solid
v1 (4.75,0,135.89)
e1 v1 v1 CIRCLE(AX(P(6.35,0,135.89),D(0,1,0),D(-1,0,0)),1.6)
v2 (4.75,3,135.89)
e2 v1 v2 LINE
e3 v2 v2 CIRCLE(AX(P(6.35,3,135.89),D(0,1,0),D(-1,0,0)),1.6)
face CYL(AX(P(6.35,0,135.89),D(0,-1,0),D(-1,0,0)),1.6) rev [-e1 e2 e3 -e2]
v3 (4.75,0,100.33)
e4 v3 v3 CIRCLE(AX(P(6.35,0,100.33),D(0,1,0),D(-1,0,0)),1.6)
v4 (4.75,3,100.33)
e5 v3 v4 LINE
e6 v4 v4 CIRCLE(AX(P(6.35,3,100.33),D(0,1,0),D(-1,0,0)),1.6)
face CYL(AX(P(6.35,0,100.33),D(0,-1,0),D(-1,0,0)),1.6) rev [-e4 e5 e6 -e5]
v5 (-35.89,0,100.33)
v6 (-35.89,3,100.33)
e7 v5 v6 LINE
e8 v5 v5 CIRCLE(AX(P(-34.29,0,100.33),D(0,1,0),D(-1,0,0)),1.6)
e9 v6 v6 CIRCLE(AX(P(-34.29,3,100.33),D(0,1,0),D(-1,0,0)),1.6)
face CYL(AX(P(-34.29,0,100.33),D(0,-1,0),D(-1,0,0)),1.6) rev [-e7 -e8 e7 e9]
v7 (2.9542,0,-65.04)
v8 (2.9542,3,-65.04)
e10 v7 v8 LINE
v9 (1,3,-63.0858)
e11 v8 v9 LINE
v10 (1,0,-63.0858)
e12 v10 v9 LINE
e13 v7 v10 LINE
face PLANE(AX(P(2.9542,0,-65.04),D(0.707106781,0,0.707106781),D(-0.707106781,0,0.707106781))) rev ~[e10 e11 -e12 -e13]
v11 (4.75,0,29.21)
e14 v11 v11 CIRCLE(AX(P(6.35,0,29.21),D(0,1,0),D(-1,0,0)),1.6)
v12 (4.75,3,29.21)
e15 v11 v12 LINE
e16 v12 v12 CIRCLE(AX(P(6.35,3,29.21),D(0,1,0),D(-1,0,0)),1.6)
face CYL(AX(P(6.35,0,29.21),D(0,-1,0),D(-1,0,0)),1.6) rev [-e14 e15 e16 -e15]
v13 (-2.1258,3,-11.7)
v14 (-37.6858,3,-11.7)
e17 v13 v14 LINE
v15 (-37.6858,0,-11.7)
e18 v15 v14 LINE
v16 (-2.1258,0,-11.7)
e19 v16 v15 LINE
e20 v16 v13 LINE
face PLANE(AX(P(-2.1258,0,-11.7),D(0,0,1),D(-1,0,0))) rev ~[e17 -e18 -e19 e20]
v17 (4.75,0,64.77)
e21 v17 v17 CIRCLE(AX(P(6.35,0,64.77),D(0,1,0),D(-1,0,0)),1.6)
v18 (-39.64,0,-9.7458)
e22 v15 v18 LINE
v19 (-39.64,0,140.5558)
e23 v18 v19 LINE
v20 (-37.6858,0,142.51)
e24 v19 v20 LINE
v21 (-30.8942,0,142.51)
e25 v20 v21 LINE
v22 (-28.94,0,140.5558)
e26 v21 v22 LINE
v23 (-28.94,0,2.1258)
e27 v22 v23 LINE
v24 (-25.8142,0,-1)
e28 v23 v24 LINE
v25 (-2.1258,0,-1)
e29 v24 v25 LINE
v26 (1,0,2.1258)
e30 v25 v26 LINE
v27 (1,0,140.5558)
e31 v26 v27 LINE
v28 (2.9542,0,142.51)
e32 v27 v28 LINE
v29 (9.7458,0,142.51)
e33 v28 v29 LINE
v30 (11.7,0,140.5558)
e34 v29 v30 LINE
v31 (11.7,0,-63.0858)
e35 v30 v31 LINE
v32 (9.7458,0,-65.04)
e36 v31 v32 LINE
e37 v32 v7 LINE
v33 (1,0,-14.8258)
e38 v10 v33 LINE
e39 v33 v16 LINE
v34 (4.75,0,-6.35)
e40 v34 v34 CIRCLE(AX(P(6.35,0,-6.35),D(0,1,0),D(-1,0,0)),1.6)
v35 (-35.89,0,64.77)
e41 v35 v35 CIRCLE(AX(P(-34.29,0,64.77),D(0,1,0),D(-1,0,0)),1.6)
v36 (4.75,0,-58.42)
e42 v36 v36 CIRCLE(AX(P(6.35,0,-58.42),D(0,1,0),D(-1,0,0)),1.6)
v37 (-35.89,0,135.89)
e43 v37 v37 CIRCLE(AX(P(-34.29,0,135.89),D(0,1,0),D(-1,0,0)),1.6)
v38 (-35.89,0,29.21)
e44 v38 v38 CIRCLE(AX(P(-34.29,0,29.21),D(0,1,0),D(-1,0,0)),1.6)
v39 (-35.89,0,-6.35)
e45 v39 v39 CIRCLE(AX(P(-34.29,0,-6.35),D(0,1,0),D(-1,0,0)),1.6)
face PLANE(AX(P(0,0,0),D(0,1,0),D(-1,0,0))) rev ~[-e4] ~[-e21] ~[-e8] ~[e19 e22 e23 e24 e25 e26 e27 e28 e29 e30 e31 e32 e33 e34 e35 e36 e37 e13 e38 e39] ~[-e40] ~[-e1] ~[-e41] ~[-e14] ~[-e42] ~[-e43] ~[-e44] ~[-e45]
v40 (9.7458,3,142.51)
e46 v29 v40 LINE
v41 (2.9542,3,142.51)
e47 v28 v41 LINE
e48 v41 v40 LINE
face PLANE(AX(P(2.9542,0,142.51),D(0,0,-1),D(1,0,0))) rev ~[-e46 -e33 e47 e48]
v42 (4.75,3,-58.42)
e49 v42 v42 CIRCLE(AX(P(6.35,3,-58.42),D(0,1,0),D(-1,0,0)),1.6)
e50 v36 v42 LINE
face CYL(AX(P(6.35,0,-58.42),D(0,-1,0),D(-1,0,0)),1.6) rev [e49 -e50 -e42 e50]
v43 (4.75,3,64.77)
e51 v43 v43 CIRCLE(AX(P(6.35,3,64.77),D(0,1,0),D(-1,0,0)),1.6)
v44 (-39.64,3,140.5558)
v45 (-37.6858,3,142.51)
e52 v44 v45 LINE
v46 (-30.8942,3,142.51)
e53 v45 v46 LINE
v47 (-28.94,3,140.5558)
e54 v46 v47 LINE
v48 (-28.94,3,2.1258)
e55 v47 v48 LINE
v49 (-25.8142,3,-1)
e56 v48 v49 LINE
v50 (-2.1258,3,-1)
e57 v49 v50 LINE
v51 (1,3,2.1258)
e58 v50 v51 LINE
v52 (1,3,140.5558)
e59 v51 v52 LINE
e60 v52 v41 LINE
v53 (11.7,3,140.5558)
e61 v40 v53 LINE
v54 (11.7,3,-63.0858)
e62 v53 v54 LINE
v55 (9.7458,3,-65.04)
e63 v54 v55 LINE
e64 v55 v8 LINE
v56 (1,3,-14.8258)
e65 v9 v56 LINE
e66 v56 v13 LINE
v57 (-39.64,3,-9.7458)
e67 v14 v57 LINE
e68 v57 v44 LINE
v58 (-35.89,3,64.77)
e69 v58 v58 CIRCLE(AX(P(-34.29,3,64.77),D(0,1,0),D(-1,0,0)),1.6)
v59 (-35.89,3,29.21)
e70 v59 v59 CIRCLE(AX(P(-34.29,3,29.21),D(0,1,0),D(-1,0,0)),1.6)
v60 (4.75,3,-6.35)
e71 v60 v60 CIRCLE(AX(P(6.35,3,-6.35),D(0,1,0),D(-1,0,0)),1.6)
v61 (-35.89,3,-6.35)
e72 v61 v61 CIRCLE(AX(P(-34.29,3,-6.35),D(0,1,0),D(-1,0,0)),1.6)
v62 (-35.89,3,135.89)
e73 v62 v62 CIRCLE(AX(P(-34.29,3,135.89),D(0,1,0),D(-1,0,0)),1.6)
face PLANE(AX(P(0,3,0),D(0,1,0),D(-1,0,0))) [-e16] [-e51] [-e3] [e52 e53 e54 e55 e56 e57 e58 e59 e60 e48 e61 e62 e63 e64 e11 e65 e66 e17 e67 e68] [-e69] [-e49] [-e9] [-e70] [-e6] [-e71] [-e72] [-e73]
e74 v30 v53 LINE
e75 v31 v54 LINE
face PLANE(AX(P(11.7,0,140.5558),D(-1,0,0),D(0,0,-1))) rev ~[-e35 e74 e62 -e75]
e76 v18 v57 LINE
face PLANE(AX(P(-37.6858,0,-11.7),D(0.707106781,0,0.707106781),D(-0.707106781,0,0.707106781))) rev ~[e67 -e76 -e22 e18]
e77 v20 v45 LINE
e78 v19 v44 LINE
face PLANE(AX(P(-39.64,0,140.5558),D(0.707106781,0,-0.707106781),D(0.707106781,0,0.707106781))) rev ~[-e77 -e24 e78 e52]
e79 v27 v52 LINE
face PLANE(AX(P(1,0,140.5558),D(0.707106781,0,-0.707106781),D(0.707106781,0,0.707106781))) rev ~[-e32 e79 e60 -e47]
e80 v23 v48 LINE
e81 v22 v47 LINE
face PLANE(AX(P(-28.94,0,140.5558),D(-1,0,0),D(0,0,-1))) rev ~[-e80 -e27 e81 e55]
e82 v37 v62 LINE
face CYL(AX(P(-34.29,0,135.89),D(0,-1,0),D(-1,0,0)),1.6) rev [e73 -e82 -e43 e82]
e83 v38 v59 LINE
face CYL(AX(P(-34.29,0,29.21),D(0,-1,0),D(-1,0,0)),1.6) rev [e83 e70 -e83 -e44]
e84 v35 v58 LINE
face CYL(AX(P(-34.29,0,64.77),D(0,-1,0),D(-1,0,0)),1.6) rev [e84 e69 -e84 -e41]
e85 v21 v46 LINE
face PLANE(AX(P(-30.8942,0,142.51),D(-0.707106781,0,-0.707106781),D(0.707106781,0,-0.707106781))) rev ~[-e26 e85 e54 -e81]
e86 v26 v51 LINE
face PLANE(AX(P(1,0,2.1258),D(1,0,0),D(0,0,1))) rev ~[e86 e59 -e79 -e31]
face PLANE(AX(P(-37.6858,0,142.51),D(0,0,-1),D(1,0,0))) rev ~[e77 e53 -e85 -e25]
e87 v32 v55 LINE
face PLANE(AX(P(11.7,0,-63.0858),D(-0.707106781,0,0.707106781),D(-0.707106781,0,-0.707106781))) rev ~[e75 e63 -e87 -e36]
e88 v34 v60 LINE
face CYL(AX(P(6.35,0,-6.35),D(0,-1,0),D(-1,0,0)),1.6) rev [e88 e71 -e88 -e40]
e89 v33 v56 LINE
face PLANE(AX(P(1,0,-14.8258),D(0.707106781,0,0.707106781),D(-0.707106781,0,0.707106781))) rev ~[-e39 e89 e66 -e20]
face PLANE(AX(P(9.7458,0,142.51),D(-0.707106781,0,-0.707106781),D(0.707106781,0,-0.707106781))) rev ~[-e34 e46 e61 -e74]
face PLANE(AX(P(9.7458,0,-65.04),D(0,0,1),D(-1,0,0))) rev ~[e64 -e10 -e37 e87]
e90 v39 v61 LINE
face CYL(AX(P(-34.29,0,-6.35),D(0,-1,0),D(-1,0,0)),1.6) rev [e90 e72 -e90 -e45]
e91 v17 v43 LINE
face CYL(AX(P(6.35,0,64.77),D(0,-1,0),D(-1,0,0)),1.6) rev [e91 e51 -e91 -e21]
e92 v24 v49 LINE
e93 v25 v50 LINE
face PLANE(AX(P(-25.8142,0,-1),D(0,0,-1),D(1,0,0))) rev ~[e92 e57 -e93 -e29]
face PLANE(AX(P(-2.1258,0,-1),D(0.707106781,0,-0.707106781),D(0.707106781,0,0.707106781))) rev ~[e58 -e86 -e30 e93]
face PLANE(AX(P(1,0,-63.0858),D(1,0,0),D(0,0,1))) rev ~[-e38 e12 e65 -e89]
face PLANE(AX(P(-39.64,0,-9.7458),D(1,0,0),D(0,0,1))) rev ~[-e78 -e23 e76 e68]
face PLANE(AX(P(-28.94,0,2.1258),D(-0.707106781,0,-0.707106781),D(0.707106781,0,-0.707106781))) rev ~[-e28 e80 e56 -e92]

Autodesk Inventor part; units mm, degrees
ref_plane "YZ Plane" through (0, 0, 0) normal (1, 0, 0) x (0, 1, 0)
ref_plane "XZ Plane" through (0, 0, 0) normal (0, 1, 0) x (-1, 0, 0)
ref_plane "XY Plane" through (0, 0, 0) normal (0, 0, 1) x (1, 0, 0)
sketch "Szkic1" plane through (0, 0, 0) normal (0, 1, 0) x (-1, 0, 0)
  line L0 (38.1, 143.51) -> (30.48, 143.51)
  line L1 (27.94, 140.97) -> (27.94, 2.54)
  line L2 (25.4, 0) -> (2.54, 0)
  line L3 (0, 2.54) -> (0, 140.97)
  line L4 (-2.54, 143.51) -> (-10.16, 143.51)
  line L5 (-12.7, 140.97) -> (-12.7, -63.5)
  line L6 (-10.16, -66.04) -> (-2.54, -66.04)
  line L7 (0, -63.5) -> (0, -15.24)
  line L8 (2.54, -12.7) -> (38.1, -12.7)
  line L9 (40.64, -10.16) -> (40.64, 140.97)
  line L10 (34.29, 143.51) -> (34.29, -12.7) construction
  line L11 (-6.35, -66.04) -> (-6.35, 143.51) construction
  circle A0 centre (34.29, -6.35) radius 1.6
  circle A1 centre (-6.35, -6.35) radius 1.6
  circle A2 centre (34.29, 29.21) radius 1.6
  circle A3 centre (-6.35, 29.21) radius 1.6
  circle A4 centre (34.29, 64.77) radius 1.6
  circle A5 centre (-6.35, 64.77) radius 1.6
  circle A6 centre (34.29, 100.33) radius 1.6
  circle A7 centre (-6.35, 100.33) radius 1.6
  circle A8 centre (34.29, 135.89) radius 1.6
  circle A9 centre (-6.35, 135.89) radius 1.6
  circle A10 centre (-6.35, -58.42) radius 1.6
  line L12 (40.64, -10.16) -> (38.1, -12.7)
  line L13 (25.4, 0) -> (27.94, 2.54)
  line L14 (2.54, -12.7) -> (0, -15.24)
  line L15 (0, 2.54) -> (2.54, 0)
  line L16 (-2.54, -66.04) -> (0, -63.5)
  line L17 (-10.16, -66.04) -> (-12.7, -63.5)
  line L18 (-2.54, 143.51) -> (0, 140.97)
  line L19 (-10.16, 143.51) -> (-12.7, 140.97)
  line L20 (27.94, 140.97) -> (30.48, 143.51)
  line L21 (38.1, 143.51) -> (40.64, 140.97)
  line L22 (19.05, 0) -> (19.05, -6.35) construction
  line L23 (19.05, -6.35) -> (19.05, -12.7) construction
  line L24 (19.05, -6.35) -> (34.29, -6.35) construction
  line L25 (19.05, -6.35) -> (-6.35, -6.35) construction
  line L26 (39.64, 140.5558) -> (37.6858, 142.51)
  line L27 (37.6858, 142.51) -> (30.8942, 142.51)
  line L28 (30.8942, 142.51) -> (28.94, 140.5558)
  line L29 (28.94, 140.5558) -> (28.94, 2.1258)
  line L30 (28.94, 2.1258) -> (25.8142, -1)
  line L31 (25.8142, -1) -> (2.1258, -1)
  line L32 (2.1258, -1) -> (-1, 2.1258)
  line L33 (-1, 2.1258) -> (-1, 140.5558)
  line L34 (-1, 140.5558) -> (-2.9542, 142.51)
  line L35 (-2.9542, 142.51) -> (-9.7458, 142.51)
  line L36 (-9.7458, 142.51) -> (-11.7, 140.5558)
  line L37 (-11.7, 140.5558) -> (-11.7, -63.0858)
  line L38 (-11.7, -63.0858) -> (-9.7458, -65.04)
  line L39 (-9.7458, -65.04) -> (-2.9542, -65.04)
  line L40 (-2.9542, -65.04) -> (-1, -63.0858)
  line L41 (-1, -63.0858) -> (-1, -14.8258)
  line L42 (-1, -14.8258) -> (2.1258, -11.7)
  line L43 (2.1258, -11.7) -> (37.6858, -11.7)
  line L44 (37.6858, -11.7) -> (39.64, -9.7458)
  line L45 (39.64, -9.7458) -> (39.64, 140.5558)
  point P0 (0, 0)
  point P1 (40.64, 143.51)
  point P2 (27.94, 143.51)
  point P3 (27.94, 0)
  point P4 (0, 0)
  point P5 (0, 143.51)
  point P6 (-12.7, 143.51)
  point P7 (-12.7, -66.04)
  point P8 (0, -66.04)
  point P9 (0, -12.7)
  point P10 (40.64, -12.7)
  dimension "d0" = 12.7
  dimension "d1" = 209.55
  dimension "d2" = 156.21
  dimension "d3" = 27.94
  dimension "d4" = 3.2
  dimension "d5" = 3.2
  dimension "d8" = 35.56
  dimension "d13" = 3.2
  dimension "d14" = 7.62
  dimension "d16" = 2.54
  dimension "d17" = 2.54
  dimension "d18" = 2.54
  dimension "d19" = 2.54
  dimension "d20" = 2.54
  dimension "d21" = 2.54
  dimension "d22" = 2.54
  dimension "d23" = 2.54
  dimension "d24" = 2.54
  dimension "d25" = 2.54
  dimension "d26" = 2.54
  dimension "d27" = 2.54
  dimension "d28" = 2.54
  dimension "d29" = 2.54
  dimension "d30" = 2.54
  dimension "d31" = 2.54
  dimension "d32" = 2.54
  dimension "d33" = 2.54
  dimension "d34" = 2.54
  dimension "d35" = 2.54
  dimension "d36" = 12.7
  dimension "d37" = 1
sketch "Szkic2" plane through (0, 0, 0) normal (0, 1, 0) x (-1, 0, 0)
  point P0 (0, 0)
extrude "Wyciągnięcie proste1" add sketch "Szkic1" along normal blind 3 contours L45 L44 L43 L42 L41 L40 L39 L38 L37 L36 L35 L34 L33 L32 L31 L30 L29 L28 L27 L26
equation "\"d17\" = d16"
equation "\"d18\" = d16"
equation "\"d19\" = d18"
equation "\"d20\" = d16"
equation "\"d21\" = d20"
equation "\"d22\" = d16"
equation "\"d23\" = d22"
equation "\"d24\" = d16"
equation "\"d25\" = d24"
equation "\"d26\" = d16"
equation "\"d27\" = d26"
equation "\"d28\" = d16"
equation "\"d29\" = d28"
equation "\"d30\" = d16"
equation "\"d31\" = d30"
equation "\"d32\" = d16"
equation "\"d33\" = d32"
equation "\"d34\" = d16"
equation "\"d35\" = d34"
properties part number "bar_-BattPow"
